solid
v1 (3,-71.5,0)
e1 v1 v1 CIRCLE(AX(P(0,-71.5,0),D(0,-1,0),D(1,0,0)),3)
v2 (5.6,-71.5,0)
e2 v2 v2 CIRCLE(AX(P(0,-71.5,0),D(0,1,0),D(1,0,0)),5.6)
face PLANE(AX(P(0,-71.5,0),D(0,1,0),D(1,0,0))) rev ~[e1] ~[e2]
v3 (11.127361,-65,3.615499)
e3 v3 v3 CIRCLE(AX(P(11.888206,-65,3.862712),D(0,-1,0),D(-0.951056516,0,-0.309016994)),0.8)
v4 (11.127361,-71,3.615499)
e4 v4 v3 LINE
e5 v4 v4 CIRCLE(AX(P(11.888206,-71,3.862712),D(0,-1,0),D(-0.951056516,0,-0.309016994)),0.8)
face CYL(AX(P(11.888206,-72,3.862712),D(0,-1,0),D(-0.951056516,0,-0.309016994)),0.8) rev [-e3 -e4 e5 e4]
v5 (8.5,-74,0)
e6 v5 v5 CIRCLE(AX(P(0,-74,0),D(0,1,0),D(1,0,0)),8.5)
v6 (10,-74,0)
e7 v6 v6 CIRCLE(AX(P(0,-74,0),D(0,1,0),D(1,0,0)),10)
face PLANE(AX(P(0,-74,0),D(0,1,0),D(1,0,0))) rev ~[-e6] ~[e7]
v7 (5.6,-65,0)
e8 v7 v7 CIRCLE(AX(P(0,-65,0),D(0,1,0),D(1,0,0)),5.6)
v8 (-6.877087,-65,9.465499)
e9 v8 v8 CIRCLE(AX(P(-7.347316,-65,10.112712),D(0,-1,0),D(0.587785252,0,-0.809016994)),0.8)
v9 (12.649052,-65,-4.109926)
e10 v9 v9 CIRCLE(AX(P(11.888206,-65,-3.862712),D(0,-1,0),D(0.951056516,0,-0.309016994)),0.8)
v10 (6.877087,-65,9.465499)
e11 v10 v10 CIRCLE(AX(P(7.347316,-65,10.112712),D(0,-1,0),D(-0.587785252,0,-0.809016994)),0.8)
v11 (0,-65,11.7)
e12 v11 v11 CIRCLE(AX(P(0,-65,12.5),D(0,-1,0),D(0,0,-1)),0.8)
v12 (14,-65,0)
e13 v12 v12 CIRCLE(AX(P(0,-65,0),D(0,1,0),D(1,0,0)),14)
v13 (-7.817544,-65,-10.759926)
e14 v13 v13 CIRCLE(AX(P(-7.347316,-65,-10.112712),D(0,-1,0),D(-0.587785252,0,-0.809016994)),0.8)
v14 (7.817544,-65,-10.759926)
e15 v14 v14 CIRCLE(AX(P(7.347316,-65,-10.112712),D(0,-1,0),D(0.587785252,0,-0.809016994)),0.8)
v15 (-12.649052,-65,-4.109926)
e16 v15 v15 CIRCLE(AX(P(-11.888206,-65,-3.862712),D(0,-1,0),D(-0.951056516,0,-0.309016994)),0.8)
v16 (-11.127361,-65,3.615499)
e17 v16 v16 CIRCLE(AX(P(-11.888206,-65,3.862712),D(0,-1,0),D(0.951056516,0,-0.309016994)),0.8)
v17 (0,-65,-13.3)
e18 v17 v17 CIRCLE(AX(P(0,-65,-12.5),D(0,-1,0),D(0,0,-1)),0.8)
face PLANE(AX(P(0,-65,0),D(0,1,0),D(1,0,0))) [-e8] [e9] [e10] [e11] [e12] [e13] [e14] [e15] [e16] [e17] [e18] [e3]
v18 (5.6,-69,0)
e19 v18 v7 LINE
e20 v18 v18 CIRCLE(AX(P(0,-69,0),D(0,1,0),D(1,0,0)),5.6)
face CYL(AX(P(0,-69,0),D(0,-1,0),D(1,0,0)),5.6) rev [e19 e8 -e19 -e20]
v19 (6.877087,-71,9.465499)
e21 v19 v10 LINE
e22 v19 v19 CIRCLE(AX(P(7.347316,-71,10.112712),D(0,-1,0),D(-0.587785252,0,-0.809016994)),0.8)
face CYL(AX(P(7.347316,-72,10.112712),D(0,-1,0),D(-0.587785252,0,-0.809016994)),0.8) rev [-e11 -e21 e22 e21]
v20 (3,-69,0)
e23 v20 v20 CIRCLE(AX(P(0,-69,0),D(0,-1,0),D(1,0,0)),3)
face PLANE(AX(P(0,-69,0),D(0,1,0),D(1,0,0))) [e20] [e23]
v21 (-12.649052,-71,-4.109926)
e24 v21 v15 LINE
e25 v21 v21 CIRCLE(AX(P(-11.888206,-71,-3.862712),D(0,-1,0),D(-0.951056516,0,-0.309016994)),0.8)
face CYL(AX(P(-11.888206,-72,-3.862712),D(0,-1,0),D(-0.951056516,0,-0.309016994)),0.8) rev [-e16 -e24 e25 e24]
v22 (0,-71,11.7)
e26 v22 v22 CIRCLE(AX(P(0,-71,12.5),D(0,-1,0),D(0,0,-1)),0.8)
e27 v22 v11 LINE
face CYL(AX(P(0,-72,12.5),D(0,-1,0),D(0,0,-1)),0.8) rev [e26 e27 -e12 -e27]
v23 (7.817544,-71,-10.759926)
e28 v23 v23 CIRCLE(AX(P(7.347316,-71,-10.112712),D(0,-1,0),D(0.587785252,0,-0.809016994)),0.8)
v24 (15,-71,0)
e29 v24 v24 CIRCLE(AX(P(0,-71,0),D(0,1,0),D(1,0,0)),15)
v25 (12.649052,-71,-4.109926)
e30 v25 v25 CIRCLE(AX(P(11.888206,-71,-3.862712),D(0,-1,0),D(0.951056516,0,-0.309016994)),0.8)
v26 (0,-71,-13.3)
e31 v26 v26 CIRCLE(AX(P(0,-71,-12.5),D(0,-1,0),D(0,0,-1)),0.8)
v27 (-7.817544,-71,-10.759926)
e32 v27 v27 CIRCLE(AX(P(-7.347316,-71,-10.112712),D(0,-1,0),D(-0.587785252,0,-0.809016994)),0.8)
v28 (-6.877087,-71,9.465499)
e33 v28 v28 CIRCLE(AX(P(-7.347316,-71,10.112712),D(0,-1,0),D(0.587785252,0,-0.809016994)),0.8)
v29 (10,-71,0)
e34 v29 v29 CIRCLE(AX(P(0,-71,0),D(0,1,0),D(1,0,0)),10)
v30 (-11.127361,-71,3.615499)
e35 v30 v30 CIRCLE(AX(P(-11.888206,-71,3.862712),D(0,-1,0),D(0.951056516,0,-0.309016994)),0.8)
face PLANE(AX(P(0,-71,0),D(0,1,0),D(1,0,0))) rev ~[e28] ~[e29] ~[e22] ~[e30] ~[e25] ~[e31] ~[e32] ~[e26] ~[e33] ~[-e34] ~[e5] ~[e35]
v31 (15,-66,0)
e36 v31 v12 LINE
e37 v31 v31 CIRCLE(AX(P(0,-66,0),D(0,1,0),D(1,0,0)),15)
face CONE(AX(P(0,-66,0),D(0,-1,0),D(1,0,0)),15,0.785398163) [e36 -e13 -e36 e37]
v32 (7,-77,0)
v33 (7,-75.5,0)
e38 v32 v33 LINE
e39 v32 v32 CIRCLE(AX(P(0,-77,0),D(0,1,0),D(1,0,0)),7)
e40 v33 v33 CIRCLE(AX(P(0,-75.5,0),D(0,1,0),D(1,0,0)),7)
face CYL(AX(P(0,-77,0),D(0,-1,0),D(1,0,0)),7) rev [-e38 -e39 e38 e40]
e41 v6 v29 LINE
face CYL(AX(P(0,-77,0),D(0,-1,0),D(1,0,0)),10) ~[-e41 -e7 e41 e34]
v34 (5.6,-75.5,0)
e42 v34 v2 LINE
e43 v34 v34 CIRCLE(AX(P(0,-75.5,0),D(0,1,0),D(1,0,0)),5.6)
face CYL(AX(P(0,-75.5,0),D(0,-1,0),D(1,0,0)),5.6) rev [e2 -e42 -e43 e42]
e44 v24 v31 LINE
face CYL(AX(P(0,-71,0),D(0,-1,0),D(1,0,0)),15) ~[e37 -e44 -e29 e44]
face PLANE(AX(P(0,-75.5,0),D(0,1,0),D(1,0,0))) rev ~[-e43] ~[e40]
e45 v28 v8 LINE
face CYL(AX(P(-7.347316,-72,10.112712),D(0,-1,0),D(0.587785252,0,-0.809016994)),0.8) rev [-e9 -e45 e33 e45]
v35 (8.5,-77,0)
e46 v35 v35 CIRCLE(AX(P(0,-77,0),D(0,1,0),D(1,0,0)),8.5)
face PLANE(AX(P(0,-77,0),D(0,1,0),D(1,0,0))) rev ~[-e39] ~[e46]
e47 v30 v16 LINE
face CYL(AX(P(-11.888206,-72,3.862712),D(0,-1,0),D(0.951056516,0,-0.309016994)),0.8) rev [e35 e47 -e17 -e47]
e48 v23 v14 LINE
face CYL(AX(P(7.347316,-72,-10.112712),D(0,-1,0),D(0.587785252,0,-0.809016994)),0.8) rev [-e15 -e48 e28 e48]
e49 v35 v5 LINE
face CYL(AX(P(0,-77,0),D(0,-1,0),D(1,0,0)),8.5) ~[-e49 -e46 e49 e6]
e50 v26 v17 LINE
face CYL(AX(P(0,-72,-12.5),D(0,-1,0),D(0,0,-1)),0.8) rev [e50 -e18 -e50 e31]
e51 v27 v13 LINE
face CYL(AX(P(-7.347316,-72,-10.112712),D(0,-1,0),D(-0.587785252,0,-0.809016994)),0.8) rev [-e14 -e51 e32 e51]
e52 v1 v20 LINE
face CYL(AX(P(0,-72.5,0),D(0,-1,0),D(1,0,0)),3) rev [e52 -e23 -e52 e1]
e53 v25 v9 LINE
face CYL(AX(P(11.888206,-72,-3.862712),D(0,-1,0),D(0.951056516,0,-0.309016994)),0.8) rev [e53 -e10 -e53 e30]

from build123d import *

# Parameters (mm, degrees)
CYLINDER116_R              = 8.5
CYLINDER116_DEPTH          = 3
CYLINDER115_R              = 10
CYLINDER115_DEPTH          = 3
CYLINDER110_R              = 0.8
CYLINDER110_DEPTH          = 20
CYLINDER107_R              = 0.8
CYLINDER107_DEPTH          = 20
FUSION028_PLACEMENT_ANGLE  = 54
CYLINDER112_R              = 0.8
CYLINDER112_DEPTH          = 20
CYLINDER111_R              = 0.8
CYLINDER111_DEPTH          = 20
FUSION106_PLACEMENT_ANGLE  = 162
CYLINDER114_R              = 0.8
CYLINDER114_DEPTH          = 20
CYLINDER113_R              = 0.8
CYLINDER113_DEPTH          = 20
FUSION107_PLACEMENT_ANGLE  = 126
CYLINDER106_R              = 0.8
CYLINDER106_DEPTH          = 20
CYLINDER105_R              = 0.8
CYLINDER105_DEPTH          = 20
FUSION108_PLACEMENT_ANGLE  = 90
CYLINDER108_R              = 0.8
CYLINDER108_DEPTH          = 20
CYLINDER104_R              = 0.8
CYLINDER104_DEPTH          = 20
FUSION105_PLACEMENT_ANGLE  = 18
CYLINDER062_R              = 3
CYLINDER062_DEPTH          = 4
CYLINDER061_R              = 5.6
CYLINDER061_DEPTH          = 4
CYLINDER060_R              = 5.6
CYLINDER060_DEPTH          = 4
CYLINDER103_R              = 7
CYLINDER103_DEPTH          = 1.5
CYLINDER109_R              = 10
CYLINDER109_DEPTH          = 6
CYLINDER058_R              = 15
CYLINDER058_DEPTH          = 6
CHAMFER002_SIZE            = 1
CHAMFER002_PLACEMENT_ANGLE = 90


with BuildPart() as cylinder116:
    # Cylinder116 → Cylinder116 (new body)
    with BuildSketch(Plane.XY.offset(11)):
        Circle(CYLINDER116_R)
    extrude(amount=CYLINDER116_DEPTH)


with BuildPart() as cut037:
    # Cylinder115 → Cylinder115 (new body)
    with BuildSketch(Plane.XY.offset(11)):
        Circle(CYLINDER115_R)
    extrude(amount=CYLINDER115_DEPTH)

    # Cut037: cut Cylinder116
    add(cylinder116.part, mode=Mode.SUBTRACT)


with BuildPart() as cylinder110:
    # Cylinder110 → Cylinder110 (new body)
    with BuildSketch(Plane(origin=(-12.5, 0, 13), x_dir=(1, 0, 0), z_dir=(0, 0, 1))):
        Circle(CYLINDER110_R)
    extrude(amount=CYLINDER110_DEPTH)


with BuildPart() as fusion028:
    # Cylinder107 → Cylinder107 (new body)
    with BuildSketch(Plane(origin=(12.5, 0, 13), x_dir=(1, 0, 0), z_dir=(0, 0, 1))):
        Circle(CYLINDER107_R)
    extrude(amount=CYLINDER107_DEPTH)

    # Fusion028: union Cylinder110
    add(cylinder110.part)


with BuildPart() as fusion028_1:
    # Fusion028 placement: moved
    add(fusion028.part.rotate(Axis((0, 0, 0), (0, 0, 1)), FUSION028_PLACEMENT_ANGLE))


with BuildPart() as cylinder112:
    # Cylinder112 → Cylinder112 (new body)
    with BuildSketch(Plane(origin=(-12.5, 0, 13), x_dir=(1, 0, 0), z_dir=(0, 0, 1))):
        Circle(CYLINDER112_R)
    extrude(amount=CYLINDER112_DEPTH)


with BuildPart() as fusion106:
    # Cylinder111 → Cylinder111 (new body)
    with BuildSketch(Plane(origin=(12.5, 0, 13), x_dir=(1, 0, 0), z_dir=(0, 0, 1))):
        Circle(CYLINDER111_R)
    extrude(amount=CYLINDER111_DEPTH)

    # Fusion106: union Cylinder112
    add(cylinder112.part)


with BuildPart() as fusion106_1:
    # Fusion106 placement: moved
    add(fusion106.part.rotate(Axis((0, 0, 0), (0, 0, 1)), FUSION106_PLACEMENT_ANGLE))


with BuildPart() as cylinder114:
    # Cylinder114 → Cylinder114 (new body)
    with BuildSketch(Plane(origin=(-12.5, 0, 13), x_dir=(1, 0, 0), z_dir=(0, 0, 1))):
        Circle(CYLINDER114_R)
    extrude(amount=CYLINDER114_DEPTH)


with BuildPart() as fusion107:
    # Cylinder113 → Cylinder113 (new body)
    with BuildSketch(Plane(origin=(12.5, 0, 13), x_dir=(1, 0, 0), z_dir=(0, 0, 1))):
        Circle(CYLINDER113_R)
    extrude(amount=CYLINDER113_DEPTH)

    # Fusion107: union Cylinder114
    add(cylinder114.part)


with BuildPart() as fusion107_1:
    # Fusion107 placement: moved
    add(fusion107.part.rotate(Axis((0, 0, 0), (0, 0, 1)), FUSION107_PLACEMENT_ANGLE))


with BuildPart() as cylinder106:
    # Cylinder106 → Cylinder106 (new body)
    with BuildSketch(Plane(origin=(-12.5, 0, 13), x_dir=(1, 0, 0), z_dir=(0, 0, 1))):
        Circle(CYLINDER106_R)
    extrude(amount=CYLINDER106_DEPTH)


with BuildPart() as fusion108:
    # Cylinder105 → Cylinder105 (new body)
    with BuildSketch(Plane(origin=(12.5, 0, 13), x_dir=(1, 0, 0), z_dir=(0, 0, 1))):
        Circle(CYLINDER105_R)
    extrude(amount=CYLINDER105_DEPTH)

    # Fusion108: union Cylinder106
    add(cylinder106.part)


with BuildPart() as fusion108_1:
    # Fusion108 placement: moved
    add(fusion108.part.rotate(Axis((0, 0, 0), (0, 0, 1)), FUSION108_PLACEMENT_ANGLE))


with BuildPart() as cylinder108:
    # Cylinder108 → Cylinder108 (new body)
    with BuildSketch(Plane(origin=(-12.5, 0, 13), x_dir=(1, 0, 0), z_dir=(0, 0, 1))):
        Circle(CYLINDER108_R)
    extrude(amount=CYLINDER108_DEPTH)


with BuildPart() as fusion109:
    # Cylinder104 → Cylinder104 (new body)
    with BuildSketch(Plane(origin=(12.5, 0, 13), x_dir=(1, 0, 0), z_dir=(0, 0, 1))):
        Circle(CYLINDER104_R)
    extrude(amount=CYLINDER104_DEPTH)

    # Fusion105: union Cylinder108
    add(cylinder108.part)


with BuildPart() as fusion109_1:
    # Fusion105 placement: moved
    add(fusion109.part.rotate(Axis((0, 0, 0), (0, 0, 1)), FUSION105_PLACEMENT_ANGLE))

    # Fusion109: union Fusion028, Fusion106, Fusion107, Fusion108
    add(fusion028_1.part)
    add(fusion106_1.part)
    add(fusion107_1.part)
    add(fusion108_1.part)


with BuildPart() as fusion109_2:
    # Fusion109 placement: moved
    add(fusion109_1.part.moved(Location((0, 0, 3))))


with BuildPart() as cylinder062:
    # Cylinder062 → Cylinder062 (new body)
    with BuildSketch(Plane.XY.offset(3)):
        Circle(CYLINDER062_R)
    extrude(amount=CYLINDER062_DEPTH)


with BuildPart() as cylinder061:
    # Cylinder061 → Cylinder061 (new body)
    with BuildSketch(Plane.XY):
        Circle(CYLINDER061_R)
    extrude(amount=CYLINDER061_DEPTH)


with BuildPart() as fusion033:
    # Cylinder060 → Cylinder060 (new body)
    with BuildSketch(Plane.XY.offset(6.5)):
        Circle(CYLINDER060_R)
    extrude(amount=CYLINDER060_DEPTH)

    # Fusion033: union Cylinder062, Cylinder061
    add(cylinder062.part)
    add(cylinder061.part)


with BuildPart() as fusion033_1:
    # Fusion033 placement: moved
    add(fusion033.part.moved(Location((0, 0, 4.5))))


with BuildPart() as cylinder103:
    # Cylinder103 → Cylinder103 (new body)
    with BuildSketch(Plane.XY.offset(3)):
        Circle(CYLINDER103_R)
    extrude(amount=CYLINDER103_DEPTH)


with BuildPart() as cylinder109:
    # Cylinder109 → Cylinder109 (new body)
    with BuildSketch(Plane.XY.offset(3)):
        Circle(CYLINDER109_R)
    extrude(amount=CYLINDER109_DEPTH)


with BuildPart() as hub_wide_left:
    # Cylinder058 → Cylinder058 (new body)
    with BuildSketch(Plane.XY.offset(9)):
        Circle(CYLINDER058_R)
    extrude(amount=CYLINDER058_DEPTH)

    # Fusion110: union Cylinder109
    add(cylinder109.part)

    # Cut034: cut Cylinder103
    add(cylinder103.part, mode=Mode.SUBTRACT)

    # Cut035: cut Fusion033
    add(fusion033_1.part, mode=Mode.SUBTRACT)


with BuildPart() as hub_wide_left_1:
    # Cut035 placement: moved
    add(hub_wide_left.part.moved(Location((0, 0, 8))))

    # Cut036: cut Fusion109
    add(fusion109_2.part, mode=Mode.SUBTRACT)

    # Cut038: cut Cut037
    add(cut037.part, mode=Mode.SUBTRACT)

    # Chamfer002
    chamfer002_edges = [hub_wide_left_1.edges().sort_by_distance(p)[0] for p in [
        (-15, 0, 23),
    ]]
    chamfer(chamfer002_edges, length=CHAMFER002_SIZE)


with BuildPart() as hub_wide_left_2:
    # Chamfer002 placement: moved
    add(hub_wide_left_1.part.moved(Location((0, -88, 0))).rotate(Axis((0, -88, 0), (-1, 0, 0)), CHAMFER002_PLACEMENT_ANGLE))


solid = hub_wide_left_2.part
